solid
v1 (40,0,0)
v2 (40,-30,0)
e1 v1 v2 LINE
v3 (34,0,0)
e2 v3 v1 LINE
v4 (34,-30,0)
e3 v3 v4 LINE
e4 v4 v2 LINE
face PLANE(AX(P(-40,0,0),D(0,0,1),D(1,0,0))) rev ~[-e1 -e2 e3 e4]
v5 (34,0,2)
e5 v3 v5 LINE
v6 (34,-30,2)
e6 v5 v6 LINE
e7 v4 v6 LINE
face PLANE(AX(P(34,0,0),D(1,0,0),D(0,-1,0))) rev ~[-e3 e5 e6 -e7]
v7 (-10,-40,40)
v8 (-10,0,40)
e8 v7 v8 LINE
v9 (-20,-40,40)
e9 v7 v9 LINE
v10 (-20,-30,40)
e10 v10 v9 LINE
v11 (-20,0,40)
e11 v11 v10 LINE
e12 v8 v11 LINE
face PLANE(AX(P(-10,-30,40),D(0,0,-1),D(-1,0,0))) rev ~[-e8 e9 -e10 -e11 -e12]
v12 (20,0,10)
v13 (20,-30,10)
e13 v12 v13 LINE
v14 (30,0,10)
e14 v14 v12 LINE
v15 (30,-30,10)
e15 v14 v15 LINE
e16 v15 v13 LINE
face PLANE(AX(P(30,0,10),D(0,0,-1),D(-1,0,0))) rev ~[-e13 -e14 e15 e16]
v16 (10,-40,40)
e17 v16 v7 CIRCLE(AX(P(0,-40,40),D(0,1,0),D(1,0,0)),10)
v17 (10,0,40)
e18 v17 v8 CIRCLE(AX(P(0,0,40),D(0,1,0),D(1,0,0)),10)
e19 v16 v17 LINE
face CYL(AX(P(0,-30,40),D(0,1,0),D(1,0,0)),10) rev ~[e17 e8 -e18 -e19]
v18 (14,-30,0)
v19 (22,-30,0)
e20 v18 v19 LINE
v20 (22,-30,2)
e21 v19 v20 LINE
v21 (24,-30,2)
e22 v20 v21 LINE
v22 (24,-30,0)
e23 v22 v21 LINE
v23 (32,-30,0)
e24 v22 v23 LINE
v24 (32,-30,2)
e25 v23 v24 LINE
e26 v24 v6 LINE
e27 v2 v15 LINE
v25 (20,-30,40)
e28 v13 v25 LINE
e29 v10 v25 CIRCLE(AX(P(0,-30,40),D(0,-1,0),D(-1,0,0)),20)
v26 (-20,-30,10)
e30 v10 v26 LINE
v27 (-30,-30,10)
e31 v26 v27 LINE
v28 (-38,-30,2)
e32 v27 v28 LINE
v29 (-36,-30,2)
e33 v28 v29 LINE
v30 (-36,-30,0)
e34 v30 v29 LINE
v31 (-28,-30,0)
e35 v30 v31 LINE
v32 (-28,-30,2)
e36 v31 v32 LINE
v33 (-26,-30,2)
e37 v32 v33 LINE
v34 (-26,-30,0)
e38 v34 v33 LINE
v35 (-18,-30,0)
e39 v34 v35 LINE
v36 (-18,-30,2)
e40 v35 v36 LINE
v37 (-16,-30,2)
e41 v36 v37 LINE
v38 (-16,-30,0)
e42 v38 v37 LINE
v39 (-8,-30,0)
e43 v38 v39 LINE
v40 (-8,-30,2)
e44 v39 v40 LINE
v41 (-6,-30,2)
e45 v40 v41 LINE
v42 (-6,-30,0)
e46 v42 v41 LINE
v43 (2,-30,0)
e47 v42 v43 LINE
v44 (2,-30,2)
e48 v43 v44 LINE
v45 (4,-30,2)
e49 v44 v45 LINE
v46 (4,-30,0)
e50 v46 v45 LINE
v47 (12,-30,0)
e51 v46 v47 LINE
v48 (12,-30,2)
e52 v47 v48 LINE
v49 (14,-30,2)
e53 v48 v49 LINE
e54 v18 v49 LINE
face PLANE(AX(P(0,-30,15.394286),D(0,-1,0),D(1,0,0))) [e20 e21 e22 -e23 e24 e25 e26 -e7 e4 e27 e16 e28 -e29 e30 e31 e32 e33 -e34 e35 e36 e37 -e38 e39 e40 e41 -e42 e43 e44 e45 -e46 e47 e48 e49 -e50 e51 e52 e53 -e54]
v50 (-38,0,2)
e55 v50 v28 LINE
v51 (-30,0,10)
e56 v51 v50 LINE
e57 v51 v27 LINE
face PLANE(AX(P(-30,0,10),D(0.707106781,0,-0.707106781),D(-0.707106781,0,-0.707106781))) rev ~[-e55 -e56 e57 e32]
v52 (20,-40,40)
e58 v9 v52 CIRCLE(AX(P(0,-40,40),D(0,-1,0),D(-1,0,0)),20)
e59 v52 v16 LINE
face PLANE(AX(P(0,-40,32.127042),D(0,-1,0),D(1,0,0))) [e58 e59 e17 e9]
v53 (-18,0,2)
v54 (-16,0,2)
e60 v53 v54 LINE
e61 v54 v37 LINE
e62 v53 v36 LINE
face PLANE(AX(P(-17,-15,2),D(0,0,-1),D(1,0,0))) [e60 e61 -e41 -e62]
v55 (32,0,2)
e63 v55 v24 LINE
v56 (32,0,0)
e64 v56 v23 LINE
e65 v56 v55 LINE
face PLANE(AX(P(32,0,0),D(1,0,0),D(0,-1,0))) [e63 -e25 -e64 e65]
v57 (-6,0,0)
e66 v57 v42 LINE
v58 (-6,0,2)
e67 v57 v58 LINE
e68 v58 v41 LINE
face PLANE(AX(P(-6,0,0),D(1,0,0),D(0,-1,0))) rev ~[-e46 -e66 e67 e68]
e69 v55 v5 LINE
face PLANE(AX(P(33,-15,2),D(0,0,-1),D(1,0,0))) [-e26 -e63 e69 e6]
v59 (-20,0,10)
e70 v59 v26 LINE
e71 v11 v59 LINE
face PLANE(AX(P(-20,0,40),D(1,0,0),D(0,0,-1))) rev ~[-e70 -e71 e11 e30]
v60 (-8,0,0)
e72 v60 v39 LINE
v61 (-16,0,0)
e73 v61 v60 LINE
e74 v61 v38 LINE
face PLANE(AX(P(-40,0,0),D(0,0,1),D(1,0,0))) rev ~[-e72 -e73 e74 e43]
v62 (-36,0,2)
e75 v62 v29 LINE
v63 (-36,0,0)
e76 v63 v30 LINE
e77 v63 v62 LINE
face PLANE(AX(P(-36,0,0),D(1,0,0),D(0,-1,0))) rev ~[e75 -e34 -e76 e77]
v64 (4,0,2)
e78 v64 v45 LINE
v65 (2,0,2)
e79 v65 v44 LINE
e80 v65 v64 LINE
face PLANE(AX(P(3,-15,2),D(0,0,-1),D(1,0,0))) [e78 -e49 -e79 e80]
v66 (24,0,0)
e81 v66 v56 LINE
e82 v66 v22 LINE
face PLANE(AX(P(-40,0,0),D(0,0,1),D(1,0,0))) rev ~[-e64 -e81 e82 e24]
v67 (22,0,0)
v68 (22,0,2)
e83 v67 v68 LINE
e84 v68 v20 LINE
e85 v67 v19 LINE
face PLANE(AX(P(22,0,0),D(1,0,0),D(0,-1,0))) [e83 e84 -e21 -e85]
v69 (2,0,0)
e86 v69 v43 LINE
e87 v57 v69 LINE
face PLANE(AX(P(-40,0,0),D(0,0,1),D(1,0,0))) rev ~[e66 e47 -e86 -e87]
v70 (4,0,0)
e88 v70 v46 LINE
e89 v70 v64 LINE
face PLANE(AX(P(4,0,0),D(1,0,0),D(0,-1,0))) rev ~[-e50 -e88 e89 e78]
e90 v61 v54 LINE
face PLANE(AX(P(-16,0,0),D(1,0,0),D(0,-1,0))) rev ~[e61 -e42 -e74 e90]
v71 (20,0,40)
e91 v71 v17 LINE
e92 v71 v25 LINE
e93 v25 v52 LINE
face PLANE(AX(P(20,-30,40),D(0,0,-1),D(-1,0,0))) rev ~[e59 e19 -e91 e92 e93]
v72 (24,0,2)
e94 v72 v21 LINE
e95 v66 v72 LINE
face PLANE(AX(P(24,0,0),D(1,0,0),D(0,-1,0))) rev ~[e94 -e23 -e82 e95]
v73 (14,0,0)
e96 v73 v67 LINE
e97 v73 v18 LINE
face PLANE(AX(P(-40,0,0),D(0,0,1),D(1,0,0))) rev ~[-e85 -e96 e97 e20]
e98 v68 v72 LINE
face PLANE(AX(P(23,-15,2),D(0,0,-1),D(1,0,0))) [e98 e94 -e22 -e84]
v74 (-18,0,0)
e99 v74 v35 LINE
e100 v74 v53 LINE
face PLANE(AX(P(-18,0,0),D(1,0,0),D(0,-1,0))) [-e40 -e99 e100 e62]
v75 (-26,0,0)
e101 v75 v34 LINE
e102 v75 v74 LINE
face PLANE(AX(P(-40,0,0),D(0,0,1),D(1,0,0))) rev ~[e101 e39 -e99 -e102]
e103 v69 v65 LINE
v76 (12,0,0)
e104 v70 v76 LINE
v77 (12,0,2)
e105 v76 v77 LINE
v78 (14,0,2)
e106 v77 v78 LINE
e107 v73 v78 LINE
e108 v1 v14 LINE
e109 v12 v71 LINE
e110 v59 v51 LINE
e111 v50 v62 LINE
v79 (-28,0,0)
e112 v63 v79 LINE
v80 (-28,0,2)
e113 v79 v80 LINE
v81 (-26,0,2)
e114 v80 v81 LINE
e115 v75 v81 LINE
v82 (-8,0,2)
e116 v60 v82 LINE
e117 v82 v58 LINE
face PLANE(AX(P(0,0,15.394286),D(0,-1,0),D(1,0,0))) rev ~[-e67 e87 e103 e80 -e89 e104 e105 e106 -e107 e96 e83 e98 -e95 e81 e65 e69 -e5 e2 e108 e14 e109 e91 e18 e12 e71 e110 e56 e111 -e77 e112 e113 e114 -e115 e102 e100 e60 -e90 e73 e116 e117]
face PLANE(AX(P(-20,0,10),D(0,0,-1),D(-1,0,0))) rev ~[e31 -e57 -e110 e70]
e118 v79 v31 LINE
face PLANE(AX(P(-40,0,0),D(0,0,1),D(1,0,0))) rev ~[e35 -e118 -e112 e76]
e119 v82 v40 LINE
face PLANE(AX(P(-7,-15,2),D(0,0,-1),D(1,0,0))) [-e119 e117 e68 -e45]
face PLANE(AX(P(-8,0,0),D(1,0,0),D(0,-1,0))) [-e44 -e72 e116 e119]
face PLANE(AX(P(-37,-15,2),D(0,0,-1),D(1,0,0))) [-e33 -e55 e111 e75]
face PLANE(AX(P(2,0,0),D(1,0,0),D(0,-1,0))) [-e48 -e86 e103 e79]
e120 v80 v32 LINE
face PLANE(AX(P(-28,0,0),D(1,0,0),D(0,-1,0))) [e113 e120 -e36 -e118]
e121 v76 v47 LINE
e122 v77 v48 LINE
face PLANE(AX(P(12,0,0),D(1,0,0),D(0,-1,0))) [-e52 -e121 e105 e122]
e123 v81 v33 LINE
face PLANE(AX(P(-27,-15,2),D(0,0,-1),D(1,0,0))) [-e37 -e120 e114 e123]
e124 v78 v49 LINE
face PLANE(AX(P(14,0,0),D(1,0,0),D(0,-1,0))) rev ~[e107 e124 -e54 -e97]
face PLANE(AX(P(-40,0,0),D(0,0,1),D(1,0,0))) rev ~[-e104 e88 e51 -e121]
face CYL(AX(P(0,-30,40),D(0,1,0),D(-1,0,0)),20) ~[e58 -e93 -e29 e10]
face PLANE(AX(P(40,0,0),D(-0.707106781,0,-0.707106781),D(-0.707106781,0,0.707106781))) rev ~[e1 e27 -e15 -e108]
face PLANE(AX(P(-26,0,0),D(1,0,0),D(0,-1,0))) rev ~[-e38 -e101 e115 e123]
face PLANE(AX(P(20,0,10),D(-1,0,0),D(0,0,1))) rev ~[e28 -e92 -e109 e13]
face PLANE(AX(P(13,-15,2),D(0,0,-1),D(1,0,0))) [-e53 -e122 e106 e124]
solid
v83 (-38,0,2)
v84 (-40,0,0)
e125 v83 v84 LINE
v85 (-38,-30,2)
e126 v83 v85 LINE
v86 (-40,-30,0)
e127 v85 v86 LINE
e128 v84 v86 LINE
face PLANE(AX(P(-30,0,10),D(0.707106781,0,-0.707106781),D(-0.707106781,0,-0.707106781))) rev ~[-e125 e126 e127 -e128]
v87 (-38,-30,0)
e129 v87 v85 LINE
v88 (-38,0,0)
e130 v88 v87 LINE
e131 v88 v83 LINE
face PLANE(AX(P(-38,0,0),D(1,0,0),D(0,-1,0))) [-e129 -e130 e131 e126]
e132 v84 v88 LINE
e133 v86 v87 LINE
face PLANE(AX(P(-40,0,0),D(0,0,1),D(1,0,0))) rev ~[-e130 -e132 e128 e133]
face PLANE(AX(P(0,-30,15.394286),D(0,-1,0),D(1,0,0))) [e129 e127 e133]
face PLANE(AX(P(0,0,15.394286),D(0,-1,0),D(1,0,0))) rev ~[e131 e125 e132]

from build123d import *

# Parameters (mm, degrees)
F1_DEPTH = 30
F3_DEPTH = 10
F4_W     = 2
F4_H     = 30
F5_DEPTH = 2


with BuildPart() as f1:
    # F0 (on Front) → F1 (new body)
    with BuildSketch(Plane.XZ):
        with BuildLine():
            Line((-30, 10), (-40, 0))
            Line((-40, 0), (40, 0))
            Line((40, 0), (30, 10))
            Line((30, 10), (20, 10))
            Line((20, 10), (20, 40))
            Line((20, 40), (10, 40))
            ThreePointArc((10, 40), (0, 30), (-10, 40))
            Line((-10, 40), (-20, 40))
            Line((-20, 40), (-20, 10))
            Line((-20, 10), (-30, 10))
        make_face()
    extrude(amount=F1_DEPTH)

    # F2 (on face) → F3 (join)
    with BuildSketch(Plane.XZ.offset(30)):
        with BuildLine():
            Line((-10, 40), (-20, 40))
            ThreePointArc((-20, 40), (0, 20), (20, 40))
            Line((20, 40), (10, 40))
            ThreePointArc((10, 40), (0, 30), (-10, 40))
        make_face()
    extrude(amount=F3_DEPTH)

    # F4 (on face) → F5 (cut)
    with BuildSketch(Plane(origin=(0, 0, 0), x_dir=(1, 0, 0), z_dir=(0, 0, -1))):
        with Locations((-27, 15)):
            Rectangle(F4_W, F4_H)
        with Locations((-37, 15)):
            Rectangle(F4_W, F4_H)
        with Locations((-17, 15)):
            Rectangle(F4_W, F4_H)
        with Locations((-7, 15)):
            Rectangle(F4_W, F4_H)
        with Locations((3, 15)):
            Rectangle(F4_W, F4_H)
        with Locations((13, 15)):
            Rectangle(F4_W, F4_H)
        with Locations((23, 15)):
            Rectangle(F4_W, F4_H)
        with Locations((33, 15)):
            Rectangle(F4_W, F4_H)
    extrude(amount=-F5_DEPTH, mode=Mode.SUBTRACT)


solid = f1.part
